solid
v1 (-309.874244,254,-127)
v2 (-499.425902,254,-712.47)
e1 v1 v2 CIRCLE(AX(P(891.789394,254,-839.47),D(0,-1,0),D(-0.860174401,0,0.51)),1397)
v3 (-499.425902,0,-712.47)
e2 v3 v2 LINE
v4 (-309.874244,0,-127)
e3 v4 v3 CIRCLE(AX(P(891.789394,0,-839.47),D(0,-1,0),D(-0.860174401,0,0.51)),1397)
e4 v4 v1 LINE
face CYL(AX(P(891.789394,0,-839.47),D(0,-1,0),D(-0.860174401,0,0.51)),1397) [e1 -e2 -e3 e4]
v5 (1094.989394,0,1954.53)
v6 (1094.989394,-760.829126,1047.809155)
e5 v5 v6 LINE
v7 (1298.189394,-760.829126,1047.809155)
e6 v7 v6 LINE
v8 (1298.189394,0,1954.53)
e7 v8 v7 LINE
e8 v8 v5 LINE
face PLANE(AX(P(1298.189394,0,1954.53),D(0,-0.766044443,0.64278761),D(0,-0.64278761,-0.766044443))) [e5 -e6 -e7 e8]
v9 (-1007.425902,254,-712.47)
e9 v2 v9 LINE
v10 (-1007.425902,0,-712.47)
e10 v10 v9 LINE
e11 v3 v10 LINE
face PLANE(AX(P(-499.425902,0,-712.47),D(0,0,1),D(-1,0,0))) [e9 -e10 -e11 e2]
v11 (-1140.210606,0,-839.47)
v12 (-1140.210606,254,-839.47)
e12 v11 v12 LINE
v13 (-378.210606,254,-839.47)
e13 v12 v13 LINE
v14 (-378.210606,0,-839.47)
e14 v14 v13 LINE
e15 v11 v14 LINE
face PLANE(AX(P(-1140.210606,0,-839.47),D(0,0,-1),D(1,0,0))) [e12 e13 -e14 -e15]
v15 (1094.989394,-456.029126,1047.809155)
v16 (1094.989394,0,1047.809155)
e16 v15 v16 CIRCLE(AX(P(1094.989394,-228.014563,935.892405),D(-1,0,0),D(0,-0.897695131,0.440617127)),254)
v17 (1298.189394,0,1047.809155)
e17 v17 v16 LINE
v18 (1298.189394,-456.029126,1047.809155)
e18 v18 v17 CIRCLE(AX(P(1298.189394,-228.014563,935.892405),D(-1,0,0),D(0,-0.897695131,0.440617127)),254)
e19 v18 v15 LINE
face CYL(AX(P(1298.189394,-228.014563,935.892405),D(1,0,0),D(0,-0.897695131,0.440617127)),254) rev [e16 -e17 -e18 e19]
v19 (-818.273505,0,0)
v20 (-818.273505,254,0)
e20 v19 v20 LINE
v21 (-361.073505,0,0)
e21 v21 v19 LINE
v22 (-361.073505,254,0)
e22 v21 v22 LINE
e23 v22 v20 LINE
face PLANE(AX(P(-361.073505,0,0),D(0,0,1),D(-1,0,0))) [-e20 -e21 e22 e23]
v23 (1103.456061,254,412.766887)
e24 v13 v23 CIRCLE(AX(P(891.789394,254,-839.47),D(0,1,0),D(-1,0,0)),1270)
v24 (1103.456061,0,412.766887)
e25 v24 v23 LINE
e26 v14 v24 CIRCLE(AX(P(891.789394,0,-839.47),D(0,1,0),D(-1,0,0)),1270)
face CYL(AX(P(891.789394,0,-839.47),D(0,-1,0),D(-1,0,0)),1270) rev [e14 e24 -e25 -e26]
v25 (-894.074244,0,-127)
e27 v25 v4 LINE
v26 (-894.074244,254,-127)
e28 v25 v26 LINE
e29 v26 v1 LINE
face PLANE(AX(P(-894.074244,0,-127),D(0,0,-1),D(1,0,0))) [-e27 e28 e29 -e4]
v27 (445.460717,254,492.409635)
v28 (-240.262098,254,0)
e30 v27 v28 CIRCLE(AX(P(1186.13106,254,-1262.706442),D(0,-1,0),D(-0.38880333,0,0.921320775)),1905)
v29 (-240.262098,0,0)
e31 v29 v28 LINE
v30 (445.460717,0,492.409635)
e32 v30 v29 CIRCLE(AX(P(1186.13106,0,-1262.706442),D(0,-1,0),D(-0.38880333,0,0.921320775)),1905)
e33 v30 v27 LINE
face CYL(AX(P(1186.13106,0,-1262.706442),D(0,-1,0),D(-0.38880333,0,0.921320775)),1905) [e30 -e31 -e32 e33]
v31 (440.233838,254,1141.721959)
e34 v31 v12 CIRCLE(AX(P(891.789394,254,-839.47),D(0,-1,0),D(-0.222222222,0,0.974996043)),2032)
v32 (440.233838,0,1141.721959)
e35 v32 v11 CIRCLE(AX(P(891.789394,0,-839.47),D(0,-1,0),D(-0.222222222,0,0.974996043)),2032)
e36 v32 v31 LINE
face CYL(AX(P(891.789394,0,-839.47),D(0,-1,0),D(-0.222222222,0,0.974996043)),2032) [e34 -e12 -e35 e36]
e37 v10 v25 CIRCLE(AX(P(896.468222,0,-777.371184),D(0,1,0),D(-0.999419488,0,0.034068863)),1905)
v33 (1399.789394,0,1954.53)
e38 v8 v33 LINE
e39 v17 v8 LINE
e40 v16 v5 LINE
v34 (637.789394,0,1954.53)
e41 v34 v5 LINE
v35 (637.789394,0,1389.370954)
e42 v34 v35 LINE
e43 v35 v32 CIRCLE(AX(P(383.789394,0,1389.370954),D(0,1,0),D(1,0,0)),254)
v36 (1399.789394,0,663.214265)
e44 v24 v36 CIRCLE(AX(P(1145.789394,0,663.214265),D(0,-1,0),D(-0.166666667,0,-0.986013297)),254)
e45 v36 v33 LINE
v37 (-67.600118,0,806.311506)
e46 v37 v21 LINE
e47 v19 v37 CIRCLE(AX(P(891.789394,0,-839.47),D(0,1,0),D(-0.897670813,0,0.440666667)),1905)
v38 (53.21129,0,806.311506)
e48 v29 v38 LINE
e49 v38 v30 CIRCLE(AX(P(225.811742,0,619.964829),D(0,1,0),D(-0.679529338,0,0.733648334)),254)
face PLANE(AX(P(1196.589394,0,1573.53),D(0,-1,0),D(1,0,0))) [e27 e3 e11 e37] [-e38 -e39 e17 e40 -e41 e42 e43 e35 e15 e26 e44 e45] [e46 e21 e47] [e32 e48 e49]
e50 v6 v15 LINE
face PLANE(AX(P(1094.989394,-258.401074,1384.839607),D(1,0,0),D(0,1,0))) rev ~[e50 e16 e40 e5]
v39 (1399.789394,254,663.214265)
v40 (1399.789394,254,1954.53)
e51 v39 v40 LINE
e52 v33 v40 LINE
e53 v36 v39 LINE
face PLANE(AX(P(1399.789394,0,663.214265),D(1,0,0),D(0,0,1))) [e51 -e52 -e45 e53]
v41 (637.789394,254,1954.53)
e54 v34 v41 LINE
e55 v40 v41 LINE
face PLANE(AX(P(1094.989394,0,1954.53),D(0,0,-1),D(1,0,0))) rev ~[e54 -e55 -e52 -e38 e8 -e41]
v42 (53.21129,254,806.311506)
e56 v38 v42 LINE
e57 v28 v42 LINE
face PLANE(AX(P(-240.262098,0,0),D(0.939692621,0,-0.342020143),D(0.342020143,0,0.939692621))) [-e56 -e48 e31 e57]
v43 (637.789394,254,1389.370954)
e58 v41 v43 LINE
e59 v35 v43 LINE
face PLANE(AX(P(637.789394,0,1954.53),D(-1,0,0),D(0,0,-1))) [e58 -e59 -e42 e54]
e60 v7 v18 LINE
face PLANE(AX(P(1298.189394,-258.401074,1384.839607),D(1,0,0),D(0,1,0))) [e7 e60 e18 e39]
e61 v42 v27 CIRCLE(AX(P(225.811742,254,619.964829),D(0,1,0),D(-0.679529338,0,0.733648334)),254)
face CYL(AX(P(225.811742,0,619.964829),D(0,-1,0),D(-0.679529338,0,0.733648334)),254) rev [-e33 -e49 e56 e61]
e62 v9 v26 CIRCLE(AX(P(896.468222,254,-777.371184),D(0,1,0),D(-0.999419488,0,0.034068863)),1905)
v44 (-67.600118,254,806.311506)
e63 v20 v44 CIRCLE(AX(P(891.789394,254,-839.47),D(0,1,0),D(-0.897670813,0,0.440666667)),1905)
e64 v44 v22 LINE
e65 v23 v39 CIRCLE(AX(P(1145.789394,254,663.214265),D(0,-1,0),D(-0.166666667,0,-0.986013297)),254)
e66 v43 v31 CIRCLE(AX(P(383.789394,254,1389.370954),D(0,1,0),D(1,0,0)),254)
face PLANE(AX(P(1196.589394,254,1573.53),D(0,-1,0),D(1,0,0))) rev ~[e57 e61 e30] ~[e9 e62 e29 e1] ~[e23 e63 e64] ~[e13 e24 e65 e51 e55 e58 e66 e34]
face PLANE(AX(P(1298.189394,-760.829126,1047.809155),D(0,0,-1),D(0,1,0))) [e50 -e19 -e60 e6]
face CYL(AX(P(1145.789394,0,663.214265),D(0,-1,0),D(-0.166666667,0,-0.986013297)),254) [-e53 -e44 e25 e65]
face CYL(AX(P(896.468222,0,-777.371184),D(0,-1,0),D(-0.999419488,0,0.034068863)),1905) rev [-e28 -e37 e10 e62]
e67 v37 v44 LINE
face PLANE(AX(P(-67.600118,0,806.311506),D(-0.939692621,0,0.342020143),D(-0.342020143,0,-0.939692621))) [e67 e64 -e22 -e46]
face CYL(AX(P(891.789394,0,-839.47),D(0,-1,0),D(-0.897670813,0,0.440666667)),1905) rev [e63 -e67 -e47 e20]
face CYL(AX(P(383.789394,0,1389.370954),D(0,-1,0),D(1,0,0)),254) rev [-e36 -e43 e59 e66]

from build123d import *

# Parameters (mm, degrees)
F1_DEPTH = 254
F0_W     = 203.2
F0_H     = 762
F2_DEPTH = 254
F4_START = -101.6
F4_DEPTH = 203.2


with BuildPart() as f1:
    # F0 (on Front) → F1 (new body)
    with BuildSketch(Plane.XZ):
        with BuildLine():
            ThreePointArc((-378.2106060492, -839.47), (72.0079190036, 130.508522099), (1103.4560606175, 412.7668874228))
            ThreePointArc((1103.4560606175, 412.7668874228), (1309.7456889403, 469.2185604875), (1399.7893939508, 663.2142649073))
            Line((1399.7893939508, 663.2142649073), (1399.7893939508, 1954.53))
            Line((1399.7893939508, 1954.53), (1298.1893939508, 1954.53))
            Line((1298.1893939508, 1954.53), (1298.1893939508, 1192.53))
            Line((1298.1893939508, 1192.53), (1094.9893939508, 1192.53))
            Line((1094.9893939508, 1192.53), (1094.9893939508, 1954.53))
            Line((1094.9893939508, 1954.53), (1018.7893939508, 1954.53))
            Line((1018.7893939508, 1954.53), (637.7893939508, 1954.53))
            Line((637.7893939508, 1954.53), (637.7893939508, 1389.3709543976))
            ThreePointArc((637.7893939508, 1389.3709543976), (582.3503277833, 1230.9741250242), (440.2338383953, 1141.7219594645))
            ThreePointArc((440.2338383953, 1141.7219594645), (-696.6980767094, 427.7046349874), (-1140.2106060492, -839.47))
            Line((-1140.2106060492, -839.47), (-378.2106060492, -839.47))
        make_face()
        with BuildLine():
            Line((-499.4259021123, -712.47), (-1007.4259021123, -712.47))
            ThreePointArc((-1007.4259021123, -712.47), (-973.8016007956, -415.2720405308), (-894.074244136, -127))
            Line((-894.074244136, -127), (-309.874244136, -127))
            ThreePointArc((-309.874244136, -127), (-437.2888851639, -409.167864303), (-499.4259021123, -712.47))
        make_face(mode=Mode.SUBTRACT)
        with BuildLine():
            Line((-361.073505214, 0), (-818.273505214, 0))
            ThreePointArc((-818.273505214, 0), (-502.4948684201, 458.6041102514), (-67.6001175036, 806.3115059452))
            Line((-67.6001175036, 806.3115059452), (-361.073505214, 0))
        make_face(mode=Mode.SUBTRACT)
        with BuildLine():
            Line((-240.2620981708, 0), (53.2112895396, 806.3115059452))
            ThreePointArc((53.2112895396, 806.3115059452), (384.5158279566, 818.280267068), (445.4607170033, 492.4096348878))
            ThreePointArc((445.4607170033, 492.4096348878), (74.9794651856, 284.6678287228), (-240.2620981708, 0))
        make_face(mode=Mode.SUBTRACT)
    extrude(amount=-F1_DEPTH)

    # F0 (on Front) → F2 (join)
    with BuildSketch(Plane.XZ):
        with Locations((1196.5893939508, 1573.53)):
            Rectangle(F0_W, F0_H)
    extrude(amount=-F2_DEPTH)

    # F3 (on face) → F4 (join)
    with BuildSketch(Plane.YZ.offset(1399.7893939508).offset(F4_START)):
        with BuildLine():
            Line((0, 1047.8091553467), (0, 1954.53))
            Line((0, 1954.53), (-760.8291263294, 1047.8091553467))
            Line((-760.8291263294, 1047.8091553467), (-456.0291263294, 1047.8091553467))
            ThreePointArc((-456.0291263294, 1047.8091553467), (-228.0145631647, 1189.8924051043), (0, 1047.8091553467))
        make_face()
    extrude(amount=-F4_DEPTH)


solid = f1.part
